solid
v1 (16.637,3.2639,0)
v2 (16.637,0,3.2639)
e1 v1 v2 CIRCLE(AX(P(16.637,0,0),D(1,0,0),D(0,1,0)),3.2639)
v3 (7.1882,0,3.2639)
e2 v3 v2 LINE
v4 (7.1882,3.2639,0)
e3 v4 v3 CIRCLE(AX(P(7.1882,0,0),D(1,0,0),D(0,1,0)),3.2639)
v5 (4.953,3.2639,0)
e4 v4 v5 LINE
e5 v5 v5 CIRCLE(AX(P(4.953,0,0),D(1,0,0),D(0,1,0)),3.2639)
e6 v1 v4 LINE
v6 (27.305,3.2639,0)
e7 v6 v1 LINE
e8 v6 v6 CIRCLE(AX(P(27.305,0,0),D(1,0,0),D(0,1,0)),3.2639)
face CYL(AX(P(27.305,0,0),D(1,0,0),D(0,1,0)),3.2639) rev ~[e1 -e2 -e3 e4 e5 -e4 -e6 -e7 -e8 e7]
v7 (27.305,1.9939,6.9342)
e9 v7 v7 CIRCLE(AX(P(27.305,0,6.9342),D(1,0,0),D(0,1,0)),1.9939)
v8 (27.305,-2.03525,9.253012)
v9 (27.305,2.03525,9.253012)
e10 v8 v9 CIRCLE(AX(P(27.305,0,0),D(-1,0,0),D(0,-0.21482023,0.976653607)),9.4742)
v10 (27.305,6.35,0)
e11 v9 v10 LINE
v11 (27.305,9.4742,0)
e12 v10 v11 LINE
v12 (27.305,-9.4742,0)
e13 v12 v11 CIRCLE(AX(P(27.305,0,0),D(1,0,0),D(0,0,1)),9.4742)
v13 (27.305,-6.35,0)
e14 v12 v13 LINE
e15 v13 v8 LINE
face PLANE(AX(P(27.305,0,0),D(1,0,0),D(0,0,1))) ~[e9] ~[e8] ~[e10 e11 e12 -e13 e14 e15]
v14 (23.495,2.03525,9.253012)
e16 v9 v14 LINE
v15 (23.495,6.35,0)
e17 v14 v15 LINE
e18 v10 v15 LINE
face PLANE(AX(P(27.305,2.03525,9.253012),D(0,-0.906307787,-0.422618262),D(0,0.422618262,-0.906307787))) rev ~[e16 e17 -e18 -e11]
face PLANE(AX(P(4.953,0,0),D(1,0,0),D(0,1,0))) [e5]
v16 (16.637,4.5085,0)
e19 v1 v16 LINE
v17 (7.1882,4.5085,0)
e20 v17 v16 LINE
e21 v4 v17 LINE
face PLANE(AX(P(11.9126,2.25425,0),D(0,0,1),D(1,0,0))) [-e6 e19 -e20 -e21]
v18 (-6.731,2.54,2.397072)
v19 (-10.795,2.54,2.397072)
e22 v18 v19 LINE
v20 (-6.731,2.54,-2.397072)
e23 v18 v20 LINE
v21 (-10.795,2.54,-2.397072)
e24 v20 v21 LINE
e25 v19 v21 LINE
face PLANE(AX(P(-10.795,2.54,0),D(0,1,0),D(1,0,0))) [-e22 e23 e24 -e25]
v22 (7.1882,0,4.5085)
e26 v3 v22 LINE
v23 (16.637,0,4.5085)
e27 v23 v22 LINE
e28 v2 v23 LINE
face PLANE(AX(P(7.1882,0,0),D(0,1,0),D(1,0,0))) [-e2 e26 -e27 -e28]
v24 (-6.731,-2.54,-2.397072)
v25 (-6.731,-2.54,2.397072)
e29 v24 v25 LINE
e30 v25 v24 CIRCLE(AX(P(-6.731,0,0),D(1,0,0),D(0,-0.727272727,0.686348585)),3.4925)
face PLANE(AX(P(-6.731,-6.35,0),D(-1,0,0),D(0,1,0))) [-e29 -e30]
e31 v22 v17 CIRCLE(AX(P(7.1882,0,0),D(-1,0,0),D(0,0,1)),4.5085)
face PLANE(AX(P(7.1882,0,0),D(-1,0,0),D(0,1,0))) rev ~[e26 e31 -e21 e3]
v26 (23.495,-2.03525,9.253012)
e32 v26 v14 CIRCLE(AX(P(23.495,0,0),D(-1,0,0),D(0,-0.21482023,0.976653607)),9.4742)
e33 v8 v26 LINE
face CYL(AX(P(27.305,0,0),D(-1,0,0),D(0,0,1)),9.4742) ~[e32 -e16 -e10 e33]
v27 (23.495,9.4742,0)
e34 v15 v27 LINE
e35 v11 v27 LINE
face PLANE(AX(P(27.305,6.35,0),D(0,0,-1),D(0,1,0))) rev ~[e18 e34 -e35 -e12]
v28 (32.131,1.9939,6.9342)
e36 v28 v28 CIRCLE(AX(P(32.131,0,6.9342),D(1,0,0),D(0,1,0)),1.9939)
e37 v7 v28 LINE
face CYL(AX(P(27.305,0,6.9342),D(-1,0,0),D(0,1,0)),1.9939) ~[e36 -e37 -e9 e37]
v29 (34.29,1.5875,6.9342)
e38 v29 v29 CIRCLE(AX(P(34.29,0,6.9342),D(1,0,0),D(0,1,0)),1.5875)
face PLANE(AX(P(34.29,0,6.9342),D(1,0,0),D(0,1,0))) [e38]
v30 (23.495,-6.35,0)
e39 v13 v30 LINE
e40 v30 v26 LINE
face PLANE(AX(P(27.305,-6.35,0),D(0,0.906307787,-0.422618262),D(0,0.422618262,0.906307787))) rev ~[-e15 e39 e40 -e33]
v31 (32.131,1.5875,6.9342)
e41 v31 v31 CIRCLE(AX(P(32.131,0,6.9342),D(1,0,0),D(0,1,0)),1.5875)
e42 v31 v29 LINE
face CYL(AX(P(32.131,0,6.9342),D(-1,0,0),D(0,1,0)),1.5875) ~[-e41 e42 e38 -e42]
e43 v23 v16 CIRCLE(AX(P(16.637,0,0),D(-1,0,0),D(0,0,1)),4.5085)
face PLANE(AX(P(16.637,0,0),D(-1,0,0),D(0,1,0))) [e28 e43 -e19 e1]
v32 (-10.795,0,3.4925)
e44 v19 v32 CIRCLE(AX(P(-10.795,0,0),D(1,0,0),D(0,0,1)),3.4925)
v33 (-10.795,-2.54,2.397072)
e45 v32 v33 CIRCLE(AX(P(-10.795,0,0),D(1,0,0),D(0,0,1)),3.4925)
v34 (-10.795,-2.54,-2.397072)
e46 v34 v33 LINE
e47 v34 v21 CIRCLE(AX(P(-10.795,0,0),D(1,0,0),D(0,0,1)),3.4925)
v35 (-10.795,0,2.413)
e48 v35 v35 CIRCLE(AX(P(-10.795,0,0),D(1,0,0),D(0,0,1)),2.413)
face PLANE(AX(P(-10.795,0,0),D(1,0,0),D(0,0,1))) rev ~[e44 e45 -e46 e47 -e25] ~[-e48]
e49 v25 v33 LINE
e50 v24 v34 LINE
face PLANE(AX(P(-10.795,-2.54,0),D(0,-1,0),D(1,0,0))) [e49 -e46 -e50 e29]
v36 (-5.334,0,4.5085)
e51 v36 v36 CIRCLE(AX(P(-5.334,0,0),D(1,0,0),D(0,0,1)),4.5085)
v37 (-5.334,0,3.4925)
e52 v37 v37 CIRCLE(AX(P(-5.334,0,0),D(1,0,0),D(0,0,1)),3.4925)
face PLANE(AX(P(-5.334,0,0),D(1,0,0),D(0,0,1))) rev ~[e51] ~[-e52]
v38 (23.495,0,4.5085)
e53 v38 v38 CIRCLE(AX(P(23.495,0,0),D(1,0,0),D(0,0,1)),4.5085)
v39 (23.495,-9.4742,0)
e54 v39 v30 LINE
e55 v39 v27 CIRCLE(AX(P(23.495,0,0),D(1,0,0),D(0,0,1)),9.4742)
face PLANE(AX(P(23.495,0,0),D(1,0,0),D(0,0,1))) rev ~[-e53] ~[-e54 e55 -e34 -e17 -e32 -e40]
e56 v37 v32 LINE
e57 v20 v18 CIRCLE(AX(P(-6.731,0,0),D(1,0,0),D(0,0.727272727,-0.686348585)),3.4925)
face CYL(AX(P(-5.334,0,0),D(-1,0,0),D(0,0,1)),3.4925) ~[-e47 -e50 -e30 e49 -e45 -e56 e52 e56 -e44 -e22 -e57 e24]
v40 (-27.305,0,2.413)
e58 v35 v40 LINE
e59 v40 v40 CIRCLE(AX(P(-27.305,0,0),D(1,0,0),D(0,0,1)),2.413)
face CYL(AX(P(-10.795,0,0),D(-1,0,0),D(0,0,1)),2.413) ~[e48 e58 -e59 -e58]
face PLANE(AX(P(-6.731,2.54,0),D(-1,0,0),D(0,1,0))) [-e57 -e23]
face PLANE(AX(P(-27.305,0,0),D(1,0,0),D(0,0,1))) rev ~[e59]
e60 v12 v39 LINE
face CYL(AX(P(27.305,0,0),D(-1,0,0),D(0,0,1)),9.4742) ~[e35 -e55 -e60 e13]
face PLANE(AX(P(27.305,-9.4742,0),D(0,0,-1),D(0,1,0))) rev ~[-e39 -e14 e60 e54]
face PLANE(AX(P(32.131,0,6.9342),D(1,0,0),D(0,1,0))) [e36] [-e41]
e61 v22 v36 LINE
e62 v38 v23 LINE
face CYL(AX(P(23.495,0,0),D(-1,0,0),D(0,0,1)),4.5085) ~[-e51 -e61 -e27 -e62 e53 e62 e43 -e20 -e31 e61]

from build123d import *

# Parameters (mm, degrees)
F3_DEPTH       = 3.81
F4_R           = 3.2639
F5_DEPTH       = 22.352
F6_R           = 1.9939
F7_DEPTH       = 4.826
F8_R           = 1.5875
F9_DEPTH       = 2.159
F10_W          = 9.4488
F10_H          = 4.5085
F11_DEPTH      = 25.4
F12_W          = 4.064
F12_H          = 3.81
F13_DEPTH      = 9.4752
F13_DEPTH_BACK = 9.4752


with BuildPart() as f1:
    # F0 (on Front) → F1 (revolve)
    with BuildSketch(Plane.XZ):
        Polygon((-27.305, 2.413), (-27.305, 0), (27.305, 0), (27.305, 9.4742), (23.495, 9.4742), (23.495, 4.5085), (-5.334, 4.5085), (-5.334, 3.4925), (-10.795, 3.4925), (-10.795, 2.413), align=None)
    revolve(axis=Axis((0, 0, 0), (1, 0, 0)))

    # F2 (on face) → F3 (cut, through all)
    with BuildSketch(Plane.YZ.offset(27.305)):
        with BuildLine():
            ThreePointArc((-2.0352498271, 9.253011606), (-7.3838617793, 5.9362488883), (-9.4742, 0))
            Line((-9.4742, 0), (-6.35, 0))
            Line((-6.35, 0), (-2.0352498271, 9.253011606))
        make_face()
        with BuildLine():
            Line((6.35, 0), (9.4742, 0))
            ThreePointArc((9.4742, 0), (7.3838617793, 5.9362488883), (2.0352498271, 9.253011606))
            Line((2.0352498271, 9.253011606), (6.35, 0))
        make_face()
    extrude(amount=-F3_DEPTH, mode=Mode.SUBTRACT)

    # F4 (on face) → F5 (cut)
    with BuildSketch(Plane.YZ.offset(27.305)):
        Circle(F4_R)
    extrude(amount=-F5_DEPTH, mode=Mode.SUBTRACT)

    # F6 (on face) → F7 (join)
    with BuildSketch(Plane.YZ.offset(27.305)):
        with Locations((0, 6.9342)):
            Circle(F6_R)
    extrude(amount=F7_DEPTH)

    # F8 (on face) → F9 (join)
    with BuildSketch(Plane.YZ.offset(32.131)):
        with Locations((0, 6.9342)):
            Circle(F8_R)
    extrude(amount=F9_DEPTH)

    # F10 (on Top) → F11 (cut)
    with BuildSketch(Plane.XY):
        with Locations((11.9126, 2.25425)):
            Rectangle(F10_W, F10_H)
    extrude(amount=F11_DEPTH, mode=Mode.SUBTRACT)

    # F12 (on Top) → F13 (cut, two sides)
    with BuildSketch(Plane.XY) as f13_sk:
        with Locations((-8.763, -4.445)):
            Rectangle(F12_W, F12_H)
        with Locations((-8.763, 4.445)):
            Rectangle(F12_W, F12_H)
    extrude(amount=-F13_DEPTH, mode=Mode.SUBTRACT)
    extrude(f13_sk.sketch, amount=F13_DEPTH_BACK, mode=Mode.SUBTRACT)


solid = f1.part
